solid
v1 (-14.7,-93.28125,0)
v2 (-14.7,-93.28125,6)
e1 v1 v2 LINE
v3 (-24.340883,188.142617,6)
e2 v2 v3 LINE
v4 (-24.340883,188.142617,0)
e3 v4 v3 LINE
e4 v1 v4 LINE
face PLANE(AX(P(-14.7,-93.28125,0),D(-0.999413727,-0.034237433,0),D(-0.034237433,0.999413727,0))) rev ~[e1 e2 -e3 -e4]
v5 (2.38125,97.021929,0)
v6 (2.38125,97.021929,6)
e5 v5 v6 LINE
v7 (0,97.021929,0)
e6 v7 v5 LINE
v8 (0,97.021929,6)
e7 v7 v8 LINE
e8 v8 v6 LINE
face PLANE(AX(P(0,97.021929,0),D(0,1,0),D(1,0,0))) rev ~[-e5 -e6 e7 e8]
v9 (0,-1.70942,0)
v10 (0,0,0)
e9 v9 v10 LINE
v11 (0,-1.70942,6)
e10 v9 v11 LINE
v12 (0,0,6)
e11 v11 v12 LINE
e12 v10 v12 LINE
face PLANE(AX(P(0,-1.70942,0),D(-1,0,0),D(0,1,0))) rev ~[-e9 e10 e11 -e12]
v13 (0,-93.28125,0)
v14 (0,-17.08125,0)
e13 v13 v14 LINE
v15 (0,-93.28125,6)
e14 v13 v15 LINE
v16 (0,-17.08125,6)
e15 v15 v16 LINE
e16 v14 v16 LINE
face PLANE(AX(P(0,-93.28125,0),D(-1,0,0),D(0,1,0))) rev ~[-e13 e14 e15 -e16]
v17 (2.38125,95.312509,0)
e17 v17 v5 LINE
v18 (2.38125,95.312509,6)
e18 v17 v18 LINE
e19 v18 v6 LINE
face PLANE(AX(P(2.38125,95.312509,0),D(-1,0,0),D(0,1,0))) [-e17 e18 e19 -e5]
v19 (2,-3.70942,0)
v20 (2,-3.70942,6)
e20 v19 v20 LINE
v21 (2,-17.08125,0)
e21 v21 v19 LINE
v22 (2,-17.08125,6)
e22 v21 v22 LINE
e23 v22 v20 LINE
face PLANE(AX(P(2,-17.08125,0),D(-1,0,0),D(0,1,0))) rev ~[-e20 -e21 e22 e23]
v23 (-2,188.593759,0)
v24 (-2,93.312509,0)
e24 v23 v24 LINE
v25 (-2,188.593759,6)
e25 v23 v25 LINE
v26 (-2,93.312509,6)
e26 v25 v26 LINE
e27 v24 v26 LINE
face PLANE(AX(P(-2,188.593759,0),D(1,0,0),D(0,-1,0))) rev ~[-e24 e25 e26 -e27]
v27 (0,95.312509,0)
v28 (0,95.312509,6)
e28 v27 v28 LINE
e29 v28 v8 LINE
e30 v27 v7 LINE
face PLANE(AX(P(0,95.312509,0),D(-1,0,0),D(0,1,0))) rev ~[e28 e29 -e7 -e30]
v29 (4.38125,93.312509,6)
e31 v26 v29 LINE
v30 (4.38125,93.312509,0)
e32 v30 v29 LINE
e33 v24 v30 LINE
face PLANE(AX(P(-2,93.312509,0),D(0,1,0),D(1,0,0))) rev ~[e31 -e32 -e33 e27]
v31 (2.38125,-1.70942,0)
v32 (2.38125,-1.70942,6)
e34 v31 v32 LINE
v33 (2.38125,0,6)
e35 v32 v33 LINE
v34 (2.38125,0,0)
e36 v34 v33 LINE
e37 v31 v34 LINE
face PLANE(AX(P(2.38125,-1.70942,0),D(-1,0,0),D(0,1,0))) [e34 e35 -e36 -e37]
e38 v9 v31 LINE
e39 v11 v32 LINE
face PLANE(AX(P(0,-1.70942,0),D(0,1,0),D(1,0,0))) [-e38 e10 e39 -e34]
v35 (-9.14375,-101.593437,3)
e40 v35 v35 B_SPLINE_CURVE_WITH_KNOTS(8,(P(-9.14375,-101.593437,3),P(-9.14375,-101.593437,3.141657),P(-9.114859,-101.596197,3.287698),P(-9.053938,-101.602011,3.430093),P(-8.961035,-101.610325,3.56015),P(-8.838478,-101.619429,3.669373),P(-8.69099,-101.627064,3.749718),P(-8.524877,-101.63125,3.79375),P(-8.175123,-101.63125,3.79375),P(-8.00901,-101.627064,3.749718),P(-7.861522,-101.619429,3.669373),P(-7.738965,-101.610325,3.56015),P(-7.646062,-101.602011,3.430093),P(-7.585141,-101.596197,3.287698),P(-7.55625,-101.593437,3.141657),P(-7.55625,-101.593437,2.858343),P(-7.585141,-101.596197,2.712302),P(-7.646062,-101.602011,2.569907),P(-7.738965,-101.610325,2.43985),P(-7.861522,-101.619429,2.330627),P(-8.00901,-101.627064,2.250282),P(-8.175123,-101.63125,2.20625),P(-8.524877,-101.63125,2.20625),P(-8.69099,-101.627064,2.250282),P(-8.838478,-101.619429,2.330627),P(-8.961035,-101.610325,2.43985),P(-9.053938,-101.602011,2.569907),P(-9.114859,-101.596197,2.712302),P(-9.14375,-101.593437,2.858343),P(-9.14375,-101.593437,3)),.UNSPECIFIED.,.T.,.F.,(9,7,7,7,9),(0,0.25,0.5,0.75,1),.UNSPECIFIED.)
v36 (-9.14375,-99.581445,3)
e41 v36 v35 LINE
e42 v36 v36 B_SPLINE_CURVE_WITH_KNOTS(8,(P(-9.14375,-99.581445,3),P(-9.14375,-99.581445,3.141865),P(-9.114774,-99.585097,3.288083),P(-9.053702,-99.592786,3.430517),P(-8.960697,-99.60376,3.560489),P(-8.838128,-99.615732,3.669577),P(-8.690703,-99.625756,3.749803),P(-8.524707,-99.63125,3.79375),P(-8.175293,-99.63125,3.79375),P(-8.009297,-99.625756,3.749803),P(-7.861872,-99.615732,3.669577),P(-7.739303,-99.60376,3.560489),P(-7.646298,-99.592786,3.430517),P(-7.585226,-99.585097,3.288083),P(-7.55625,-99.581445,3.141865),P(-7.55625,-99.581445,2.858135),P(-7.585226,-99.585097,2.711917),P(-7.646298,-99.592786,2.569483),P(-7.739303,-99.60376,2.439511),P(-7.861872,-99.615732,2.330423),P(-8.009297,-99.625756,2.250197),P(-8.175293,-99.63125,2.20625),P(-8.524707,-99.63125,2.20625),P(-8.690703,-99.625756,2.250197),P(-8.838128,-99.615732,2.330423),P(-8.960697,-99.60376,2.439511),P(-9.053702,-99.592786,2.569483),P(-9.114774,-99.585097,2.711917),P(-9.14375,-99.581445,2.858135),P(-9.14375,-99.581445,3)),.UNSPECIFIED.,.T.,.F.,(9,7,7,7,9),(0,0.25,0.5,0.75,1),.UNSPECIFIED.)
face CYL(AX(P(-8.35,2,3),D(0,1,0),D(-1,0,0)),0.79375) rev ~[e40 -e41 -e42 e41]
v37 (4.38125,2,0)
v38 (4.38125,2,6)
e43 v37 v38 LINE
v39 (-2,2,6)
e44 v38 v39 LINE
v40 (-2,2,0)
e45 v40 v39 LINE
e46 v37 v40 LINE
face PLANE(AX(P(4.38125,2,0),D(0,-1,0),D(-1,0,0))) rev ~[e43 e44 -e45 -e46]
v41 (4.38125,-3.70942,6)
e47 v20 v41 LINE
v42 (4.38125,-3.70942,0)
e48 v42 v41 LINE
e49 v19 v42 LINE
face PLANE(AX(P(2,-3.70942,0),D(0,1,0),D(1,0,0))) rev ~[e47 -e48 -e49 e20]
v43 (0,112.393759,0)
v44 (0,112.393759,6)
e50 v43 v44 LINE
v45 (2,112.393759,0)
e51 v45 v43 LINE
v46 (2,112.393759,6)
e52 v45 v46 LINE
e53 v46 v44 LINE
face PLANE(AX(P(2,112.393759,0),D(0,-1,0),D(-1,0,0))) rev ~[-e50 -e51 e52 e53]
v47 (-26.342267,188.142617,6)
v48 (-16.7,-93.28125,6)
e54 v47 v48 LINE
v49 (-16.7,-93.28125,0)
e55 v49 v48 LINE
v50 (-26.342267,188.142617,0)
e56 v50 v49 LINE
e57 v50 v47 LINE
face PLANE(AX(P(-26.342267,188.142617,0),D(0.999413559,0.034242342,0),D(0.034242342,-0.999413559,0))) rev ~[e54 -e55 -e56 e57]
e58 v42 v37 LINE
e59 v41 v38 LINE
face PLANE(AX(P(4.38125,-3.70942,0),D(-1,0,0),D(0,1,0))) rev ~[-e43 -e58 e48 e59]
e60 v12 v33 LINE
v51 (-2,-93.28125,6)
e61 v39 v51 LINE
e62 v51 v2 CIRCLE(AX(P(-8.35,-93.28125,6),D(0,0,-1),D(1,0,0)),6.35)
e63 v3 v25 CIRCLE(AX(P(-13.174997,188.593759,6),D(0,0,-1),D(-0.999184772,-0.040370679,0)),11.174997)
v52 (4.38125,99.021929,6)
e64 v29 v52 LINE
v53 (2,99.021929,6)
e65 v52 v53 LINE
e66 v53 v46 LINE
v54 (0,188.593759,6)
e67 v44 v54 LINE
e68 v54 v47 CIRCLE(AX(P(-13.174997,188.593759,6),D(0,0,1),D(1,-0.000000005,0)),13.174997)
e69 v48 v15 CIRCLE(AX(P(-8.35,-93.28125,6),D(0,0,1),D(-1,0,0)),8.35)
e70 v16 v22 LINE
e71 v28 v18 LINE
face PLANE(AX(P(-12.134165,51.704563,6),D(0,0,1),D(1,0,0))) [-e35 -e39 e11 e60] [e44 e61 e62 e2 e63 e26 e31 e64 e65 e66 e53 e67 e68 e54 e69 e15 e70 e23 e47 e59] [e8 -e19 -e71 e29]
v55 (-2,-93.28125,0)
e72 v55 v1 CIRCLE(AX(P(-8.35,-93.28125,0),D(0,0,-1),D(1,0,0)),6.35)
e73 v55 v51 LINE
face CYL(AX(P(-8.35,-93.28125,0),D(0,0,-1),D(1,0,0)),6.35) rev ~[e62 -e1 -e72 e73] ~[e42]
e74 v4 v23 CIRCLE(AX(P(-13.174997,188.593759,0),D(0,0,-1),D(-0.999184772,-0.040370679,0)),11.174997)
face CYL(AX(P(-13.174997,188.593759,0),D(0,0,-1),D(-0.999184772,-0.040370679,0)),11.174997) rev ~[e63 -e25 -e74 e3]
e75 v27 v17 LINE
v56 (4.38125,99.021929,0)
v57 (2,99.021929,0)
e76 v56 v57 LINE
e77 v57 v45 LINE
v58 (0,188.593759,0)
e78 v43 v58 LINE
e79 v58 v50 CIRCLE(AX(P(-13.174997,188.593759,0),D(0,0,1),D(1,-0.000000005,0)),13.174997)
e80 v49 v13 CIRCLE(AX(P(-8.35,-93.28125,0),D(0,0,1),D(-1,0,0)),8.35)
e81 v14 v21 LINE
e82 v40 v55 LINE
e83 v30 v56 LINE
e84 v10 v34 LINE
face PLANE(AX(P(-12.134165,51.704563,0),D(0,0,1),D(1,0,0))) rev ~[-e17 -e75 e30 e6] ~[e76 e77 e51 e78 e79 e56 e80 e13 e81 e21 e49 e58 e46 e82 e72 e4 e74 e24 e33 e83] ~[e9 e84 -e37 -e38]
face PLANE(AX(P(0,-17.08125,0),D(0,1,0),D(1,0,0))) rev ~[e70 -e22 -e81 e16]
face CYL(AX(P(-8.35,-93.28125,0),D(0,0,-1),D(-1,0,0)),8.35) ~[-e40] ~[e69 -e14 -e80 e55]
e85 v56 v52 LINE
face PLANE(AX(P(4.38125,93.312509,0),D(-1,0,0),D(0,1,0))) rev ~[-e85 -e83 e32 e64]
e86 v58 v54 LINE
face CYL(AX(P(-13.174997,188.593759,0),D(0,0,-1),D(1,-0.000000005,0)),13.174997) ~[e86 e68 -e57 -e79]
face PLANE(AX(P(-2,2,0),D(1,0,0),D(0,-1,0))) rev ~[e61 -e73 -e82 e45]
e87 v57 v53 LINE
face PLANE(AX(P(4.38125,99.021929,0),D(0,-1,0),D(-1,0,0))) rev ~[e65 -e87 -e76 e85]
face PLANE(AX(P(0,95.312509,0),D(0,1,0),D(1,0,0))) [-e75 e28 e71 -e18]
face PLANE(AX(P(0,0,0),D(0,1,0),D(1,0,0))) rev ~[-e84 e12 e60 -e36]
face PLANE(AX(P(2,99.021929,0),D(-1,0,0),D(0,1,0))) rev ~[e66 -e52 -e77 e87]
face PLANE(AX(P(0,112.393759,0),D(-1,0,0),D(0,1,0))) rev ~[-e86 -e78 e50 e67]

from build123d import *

# Parameters (mm, degrees)
F0_W     = 2.38125
F0_H     = 1.70942
F1_DEPTH = 6
F2_R     = 0.79375
F3_DEPTH = 103.63225


with BuildPart() as f1:
    # F0 (on Top) → F1 (new body)
    with BuildSketch(Plane.XY):
        with BuildLine():
            Line((4.38125, 2), (-2, 2))
            Line((-2, 2), (-2, -93.28125))
            ThreePointArc((-2, -93.28125), (-8.35, -99.63125), (-14.7, -93.28125))
            Line((-14.7, -93.28125), (-24.340883, 188.142617))
            ThreePointArc((-24.340883, 188.142617), (-13.400614, 199.766478), (-2, 188.593759))
            Line((-2, 188.593759), (-2, 93.312509))
            Line((-2, 93.312509), (4.38125, 93.312509))
            Line((4.38125, 93.312509), (4.38125, 99.021929))
            Line((4.38125, 99.021929), (2, 99.021929))
            Line((2, 99.021929), (2, 112.393759))
            Line((2, 112.393759), (0, 112.393759))
            Line((0, 112.393759), (0, 188.593759))
            ThreePointArc((0, 188.593759), (-13.400601, 201.766824), (-26.342267, 188.142617))
            Line((-26.342267, 188.142617), (-16.7, -93.28125))
            ThreePointArc((-16.7, -93.28125), (-8.35, -101.63125), (0, -93.28125))
            Line((0, -93.28125), (0, -17.08125))
            Line((0, -17.08125), (2, -17.08125))
            Line((2, -17.08125), (2, -3.70942))
            Line((2, -3.70942), (4.38125, -3.70942))
            Line((4.38125, -3.70942), (4.38125, 2))
        make_face()
        with Locations((1.190625, -0.85471)):
            Rectangle(F0_W, F0_H, mode=Mode.SUBTRACT)
        with Locations((1.190625, 96.167219)):
            Rectangle(F0_W, F0_H, mode=Mode.SUBTRACT)
    extrude(amount=F1_DEPTH)

    # F2 (on face) → F3 (cut, through all)
    with BuildSketch(Plane(origin=(0, 2, 0), x_dir=(-1, 0, 0), z_dir=(0, 1, 0))):
        with Locations((8.35, 3)):
            Circle(F2_R)
    extrude(amount=-F3_DEPTH, mode=Mode.SUBTRACT)


solid = f1.part
